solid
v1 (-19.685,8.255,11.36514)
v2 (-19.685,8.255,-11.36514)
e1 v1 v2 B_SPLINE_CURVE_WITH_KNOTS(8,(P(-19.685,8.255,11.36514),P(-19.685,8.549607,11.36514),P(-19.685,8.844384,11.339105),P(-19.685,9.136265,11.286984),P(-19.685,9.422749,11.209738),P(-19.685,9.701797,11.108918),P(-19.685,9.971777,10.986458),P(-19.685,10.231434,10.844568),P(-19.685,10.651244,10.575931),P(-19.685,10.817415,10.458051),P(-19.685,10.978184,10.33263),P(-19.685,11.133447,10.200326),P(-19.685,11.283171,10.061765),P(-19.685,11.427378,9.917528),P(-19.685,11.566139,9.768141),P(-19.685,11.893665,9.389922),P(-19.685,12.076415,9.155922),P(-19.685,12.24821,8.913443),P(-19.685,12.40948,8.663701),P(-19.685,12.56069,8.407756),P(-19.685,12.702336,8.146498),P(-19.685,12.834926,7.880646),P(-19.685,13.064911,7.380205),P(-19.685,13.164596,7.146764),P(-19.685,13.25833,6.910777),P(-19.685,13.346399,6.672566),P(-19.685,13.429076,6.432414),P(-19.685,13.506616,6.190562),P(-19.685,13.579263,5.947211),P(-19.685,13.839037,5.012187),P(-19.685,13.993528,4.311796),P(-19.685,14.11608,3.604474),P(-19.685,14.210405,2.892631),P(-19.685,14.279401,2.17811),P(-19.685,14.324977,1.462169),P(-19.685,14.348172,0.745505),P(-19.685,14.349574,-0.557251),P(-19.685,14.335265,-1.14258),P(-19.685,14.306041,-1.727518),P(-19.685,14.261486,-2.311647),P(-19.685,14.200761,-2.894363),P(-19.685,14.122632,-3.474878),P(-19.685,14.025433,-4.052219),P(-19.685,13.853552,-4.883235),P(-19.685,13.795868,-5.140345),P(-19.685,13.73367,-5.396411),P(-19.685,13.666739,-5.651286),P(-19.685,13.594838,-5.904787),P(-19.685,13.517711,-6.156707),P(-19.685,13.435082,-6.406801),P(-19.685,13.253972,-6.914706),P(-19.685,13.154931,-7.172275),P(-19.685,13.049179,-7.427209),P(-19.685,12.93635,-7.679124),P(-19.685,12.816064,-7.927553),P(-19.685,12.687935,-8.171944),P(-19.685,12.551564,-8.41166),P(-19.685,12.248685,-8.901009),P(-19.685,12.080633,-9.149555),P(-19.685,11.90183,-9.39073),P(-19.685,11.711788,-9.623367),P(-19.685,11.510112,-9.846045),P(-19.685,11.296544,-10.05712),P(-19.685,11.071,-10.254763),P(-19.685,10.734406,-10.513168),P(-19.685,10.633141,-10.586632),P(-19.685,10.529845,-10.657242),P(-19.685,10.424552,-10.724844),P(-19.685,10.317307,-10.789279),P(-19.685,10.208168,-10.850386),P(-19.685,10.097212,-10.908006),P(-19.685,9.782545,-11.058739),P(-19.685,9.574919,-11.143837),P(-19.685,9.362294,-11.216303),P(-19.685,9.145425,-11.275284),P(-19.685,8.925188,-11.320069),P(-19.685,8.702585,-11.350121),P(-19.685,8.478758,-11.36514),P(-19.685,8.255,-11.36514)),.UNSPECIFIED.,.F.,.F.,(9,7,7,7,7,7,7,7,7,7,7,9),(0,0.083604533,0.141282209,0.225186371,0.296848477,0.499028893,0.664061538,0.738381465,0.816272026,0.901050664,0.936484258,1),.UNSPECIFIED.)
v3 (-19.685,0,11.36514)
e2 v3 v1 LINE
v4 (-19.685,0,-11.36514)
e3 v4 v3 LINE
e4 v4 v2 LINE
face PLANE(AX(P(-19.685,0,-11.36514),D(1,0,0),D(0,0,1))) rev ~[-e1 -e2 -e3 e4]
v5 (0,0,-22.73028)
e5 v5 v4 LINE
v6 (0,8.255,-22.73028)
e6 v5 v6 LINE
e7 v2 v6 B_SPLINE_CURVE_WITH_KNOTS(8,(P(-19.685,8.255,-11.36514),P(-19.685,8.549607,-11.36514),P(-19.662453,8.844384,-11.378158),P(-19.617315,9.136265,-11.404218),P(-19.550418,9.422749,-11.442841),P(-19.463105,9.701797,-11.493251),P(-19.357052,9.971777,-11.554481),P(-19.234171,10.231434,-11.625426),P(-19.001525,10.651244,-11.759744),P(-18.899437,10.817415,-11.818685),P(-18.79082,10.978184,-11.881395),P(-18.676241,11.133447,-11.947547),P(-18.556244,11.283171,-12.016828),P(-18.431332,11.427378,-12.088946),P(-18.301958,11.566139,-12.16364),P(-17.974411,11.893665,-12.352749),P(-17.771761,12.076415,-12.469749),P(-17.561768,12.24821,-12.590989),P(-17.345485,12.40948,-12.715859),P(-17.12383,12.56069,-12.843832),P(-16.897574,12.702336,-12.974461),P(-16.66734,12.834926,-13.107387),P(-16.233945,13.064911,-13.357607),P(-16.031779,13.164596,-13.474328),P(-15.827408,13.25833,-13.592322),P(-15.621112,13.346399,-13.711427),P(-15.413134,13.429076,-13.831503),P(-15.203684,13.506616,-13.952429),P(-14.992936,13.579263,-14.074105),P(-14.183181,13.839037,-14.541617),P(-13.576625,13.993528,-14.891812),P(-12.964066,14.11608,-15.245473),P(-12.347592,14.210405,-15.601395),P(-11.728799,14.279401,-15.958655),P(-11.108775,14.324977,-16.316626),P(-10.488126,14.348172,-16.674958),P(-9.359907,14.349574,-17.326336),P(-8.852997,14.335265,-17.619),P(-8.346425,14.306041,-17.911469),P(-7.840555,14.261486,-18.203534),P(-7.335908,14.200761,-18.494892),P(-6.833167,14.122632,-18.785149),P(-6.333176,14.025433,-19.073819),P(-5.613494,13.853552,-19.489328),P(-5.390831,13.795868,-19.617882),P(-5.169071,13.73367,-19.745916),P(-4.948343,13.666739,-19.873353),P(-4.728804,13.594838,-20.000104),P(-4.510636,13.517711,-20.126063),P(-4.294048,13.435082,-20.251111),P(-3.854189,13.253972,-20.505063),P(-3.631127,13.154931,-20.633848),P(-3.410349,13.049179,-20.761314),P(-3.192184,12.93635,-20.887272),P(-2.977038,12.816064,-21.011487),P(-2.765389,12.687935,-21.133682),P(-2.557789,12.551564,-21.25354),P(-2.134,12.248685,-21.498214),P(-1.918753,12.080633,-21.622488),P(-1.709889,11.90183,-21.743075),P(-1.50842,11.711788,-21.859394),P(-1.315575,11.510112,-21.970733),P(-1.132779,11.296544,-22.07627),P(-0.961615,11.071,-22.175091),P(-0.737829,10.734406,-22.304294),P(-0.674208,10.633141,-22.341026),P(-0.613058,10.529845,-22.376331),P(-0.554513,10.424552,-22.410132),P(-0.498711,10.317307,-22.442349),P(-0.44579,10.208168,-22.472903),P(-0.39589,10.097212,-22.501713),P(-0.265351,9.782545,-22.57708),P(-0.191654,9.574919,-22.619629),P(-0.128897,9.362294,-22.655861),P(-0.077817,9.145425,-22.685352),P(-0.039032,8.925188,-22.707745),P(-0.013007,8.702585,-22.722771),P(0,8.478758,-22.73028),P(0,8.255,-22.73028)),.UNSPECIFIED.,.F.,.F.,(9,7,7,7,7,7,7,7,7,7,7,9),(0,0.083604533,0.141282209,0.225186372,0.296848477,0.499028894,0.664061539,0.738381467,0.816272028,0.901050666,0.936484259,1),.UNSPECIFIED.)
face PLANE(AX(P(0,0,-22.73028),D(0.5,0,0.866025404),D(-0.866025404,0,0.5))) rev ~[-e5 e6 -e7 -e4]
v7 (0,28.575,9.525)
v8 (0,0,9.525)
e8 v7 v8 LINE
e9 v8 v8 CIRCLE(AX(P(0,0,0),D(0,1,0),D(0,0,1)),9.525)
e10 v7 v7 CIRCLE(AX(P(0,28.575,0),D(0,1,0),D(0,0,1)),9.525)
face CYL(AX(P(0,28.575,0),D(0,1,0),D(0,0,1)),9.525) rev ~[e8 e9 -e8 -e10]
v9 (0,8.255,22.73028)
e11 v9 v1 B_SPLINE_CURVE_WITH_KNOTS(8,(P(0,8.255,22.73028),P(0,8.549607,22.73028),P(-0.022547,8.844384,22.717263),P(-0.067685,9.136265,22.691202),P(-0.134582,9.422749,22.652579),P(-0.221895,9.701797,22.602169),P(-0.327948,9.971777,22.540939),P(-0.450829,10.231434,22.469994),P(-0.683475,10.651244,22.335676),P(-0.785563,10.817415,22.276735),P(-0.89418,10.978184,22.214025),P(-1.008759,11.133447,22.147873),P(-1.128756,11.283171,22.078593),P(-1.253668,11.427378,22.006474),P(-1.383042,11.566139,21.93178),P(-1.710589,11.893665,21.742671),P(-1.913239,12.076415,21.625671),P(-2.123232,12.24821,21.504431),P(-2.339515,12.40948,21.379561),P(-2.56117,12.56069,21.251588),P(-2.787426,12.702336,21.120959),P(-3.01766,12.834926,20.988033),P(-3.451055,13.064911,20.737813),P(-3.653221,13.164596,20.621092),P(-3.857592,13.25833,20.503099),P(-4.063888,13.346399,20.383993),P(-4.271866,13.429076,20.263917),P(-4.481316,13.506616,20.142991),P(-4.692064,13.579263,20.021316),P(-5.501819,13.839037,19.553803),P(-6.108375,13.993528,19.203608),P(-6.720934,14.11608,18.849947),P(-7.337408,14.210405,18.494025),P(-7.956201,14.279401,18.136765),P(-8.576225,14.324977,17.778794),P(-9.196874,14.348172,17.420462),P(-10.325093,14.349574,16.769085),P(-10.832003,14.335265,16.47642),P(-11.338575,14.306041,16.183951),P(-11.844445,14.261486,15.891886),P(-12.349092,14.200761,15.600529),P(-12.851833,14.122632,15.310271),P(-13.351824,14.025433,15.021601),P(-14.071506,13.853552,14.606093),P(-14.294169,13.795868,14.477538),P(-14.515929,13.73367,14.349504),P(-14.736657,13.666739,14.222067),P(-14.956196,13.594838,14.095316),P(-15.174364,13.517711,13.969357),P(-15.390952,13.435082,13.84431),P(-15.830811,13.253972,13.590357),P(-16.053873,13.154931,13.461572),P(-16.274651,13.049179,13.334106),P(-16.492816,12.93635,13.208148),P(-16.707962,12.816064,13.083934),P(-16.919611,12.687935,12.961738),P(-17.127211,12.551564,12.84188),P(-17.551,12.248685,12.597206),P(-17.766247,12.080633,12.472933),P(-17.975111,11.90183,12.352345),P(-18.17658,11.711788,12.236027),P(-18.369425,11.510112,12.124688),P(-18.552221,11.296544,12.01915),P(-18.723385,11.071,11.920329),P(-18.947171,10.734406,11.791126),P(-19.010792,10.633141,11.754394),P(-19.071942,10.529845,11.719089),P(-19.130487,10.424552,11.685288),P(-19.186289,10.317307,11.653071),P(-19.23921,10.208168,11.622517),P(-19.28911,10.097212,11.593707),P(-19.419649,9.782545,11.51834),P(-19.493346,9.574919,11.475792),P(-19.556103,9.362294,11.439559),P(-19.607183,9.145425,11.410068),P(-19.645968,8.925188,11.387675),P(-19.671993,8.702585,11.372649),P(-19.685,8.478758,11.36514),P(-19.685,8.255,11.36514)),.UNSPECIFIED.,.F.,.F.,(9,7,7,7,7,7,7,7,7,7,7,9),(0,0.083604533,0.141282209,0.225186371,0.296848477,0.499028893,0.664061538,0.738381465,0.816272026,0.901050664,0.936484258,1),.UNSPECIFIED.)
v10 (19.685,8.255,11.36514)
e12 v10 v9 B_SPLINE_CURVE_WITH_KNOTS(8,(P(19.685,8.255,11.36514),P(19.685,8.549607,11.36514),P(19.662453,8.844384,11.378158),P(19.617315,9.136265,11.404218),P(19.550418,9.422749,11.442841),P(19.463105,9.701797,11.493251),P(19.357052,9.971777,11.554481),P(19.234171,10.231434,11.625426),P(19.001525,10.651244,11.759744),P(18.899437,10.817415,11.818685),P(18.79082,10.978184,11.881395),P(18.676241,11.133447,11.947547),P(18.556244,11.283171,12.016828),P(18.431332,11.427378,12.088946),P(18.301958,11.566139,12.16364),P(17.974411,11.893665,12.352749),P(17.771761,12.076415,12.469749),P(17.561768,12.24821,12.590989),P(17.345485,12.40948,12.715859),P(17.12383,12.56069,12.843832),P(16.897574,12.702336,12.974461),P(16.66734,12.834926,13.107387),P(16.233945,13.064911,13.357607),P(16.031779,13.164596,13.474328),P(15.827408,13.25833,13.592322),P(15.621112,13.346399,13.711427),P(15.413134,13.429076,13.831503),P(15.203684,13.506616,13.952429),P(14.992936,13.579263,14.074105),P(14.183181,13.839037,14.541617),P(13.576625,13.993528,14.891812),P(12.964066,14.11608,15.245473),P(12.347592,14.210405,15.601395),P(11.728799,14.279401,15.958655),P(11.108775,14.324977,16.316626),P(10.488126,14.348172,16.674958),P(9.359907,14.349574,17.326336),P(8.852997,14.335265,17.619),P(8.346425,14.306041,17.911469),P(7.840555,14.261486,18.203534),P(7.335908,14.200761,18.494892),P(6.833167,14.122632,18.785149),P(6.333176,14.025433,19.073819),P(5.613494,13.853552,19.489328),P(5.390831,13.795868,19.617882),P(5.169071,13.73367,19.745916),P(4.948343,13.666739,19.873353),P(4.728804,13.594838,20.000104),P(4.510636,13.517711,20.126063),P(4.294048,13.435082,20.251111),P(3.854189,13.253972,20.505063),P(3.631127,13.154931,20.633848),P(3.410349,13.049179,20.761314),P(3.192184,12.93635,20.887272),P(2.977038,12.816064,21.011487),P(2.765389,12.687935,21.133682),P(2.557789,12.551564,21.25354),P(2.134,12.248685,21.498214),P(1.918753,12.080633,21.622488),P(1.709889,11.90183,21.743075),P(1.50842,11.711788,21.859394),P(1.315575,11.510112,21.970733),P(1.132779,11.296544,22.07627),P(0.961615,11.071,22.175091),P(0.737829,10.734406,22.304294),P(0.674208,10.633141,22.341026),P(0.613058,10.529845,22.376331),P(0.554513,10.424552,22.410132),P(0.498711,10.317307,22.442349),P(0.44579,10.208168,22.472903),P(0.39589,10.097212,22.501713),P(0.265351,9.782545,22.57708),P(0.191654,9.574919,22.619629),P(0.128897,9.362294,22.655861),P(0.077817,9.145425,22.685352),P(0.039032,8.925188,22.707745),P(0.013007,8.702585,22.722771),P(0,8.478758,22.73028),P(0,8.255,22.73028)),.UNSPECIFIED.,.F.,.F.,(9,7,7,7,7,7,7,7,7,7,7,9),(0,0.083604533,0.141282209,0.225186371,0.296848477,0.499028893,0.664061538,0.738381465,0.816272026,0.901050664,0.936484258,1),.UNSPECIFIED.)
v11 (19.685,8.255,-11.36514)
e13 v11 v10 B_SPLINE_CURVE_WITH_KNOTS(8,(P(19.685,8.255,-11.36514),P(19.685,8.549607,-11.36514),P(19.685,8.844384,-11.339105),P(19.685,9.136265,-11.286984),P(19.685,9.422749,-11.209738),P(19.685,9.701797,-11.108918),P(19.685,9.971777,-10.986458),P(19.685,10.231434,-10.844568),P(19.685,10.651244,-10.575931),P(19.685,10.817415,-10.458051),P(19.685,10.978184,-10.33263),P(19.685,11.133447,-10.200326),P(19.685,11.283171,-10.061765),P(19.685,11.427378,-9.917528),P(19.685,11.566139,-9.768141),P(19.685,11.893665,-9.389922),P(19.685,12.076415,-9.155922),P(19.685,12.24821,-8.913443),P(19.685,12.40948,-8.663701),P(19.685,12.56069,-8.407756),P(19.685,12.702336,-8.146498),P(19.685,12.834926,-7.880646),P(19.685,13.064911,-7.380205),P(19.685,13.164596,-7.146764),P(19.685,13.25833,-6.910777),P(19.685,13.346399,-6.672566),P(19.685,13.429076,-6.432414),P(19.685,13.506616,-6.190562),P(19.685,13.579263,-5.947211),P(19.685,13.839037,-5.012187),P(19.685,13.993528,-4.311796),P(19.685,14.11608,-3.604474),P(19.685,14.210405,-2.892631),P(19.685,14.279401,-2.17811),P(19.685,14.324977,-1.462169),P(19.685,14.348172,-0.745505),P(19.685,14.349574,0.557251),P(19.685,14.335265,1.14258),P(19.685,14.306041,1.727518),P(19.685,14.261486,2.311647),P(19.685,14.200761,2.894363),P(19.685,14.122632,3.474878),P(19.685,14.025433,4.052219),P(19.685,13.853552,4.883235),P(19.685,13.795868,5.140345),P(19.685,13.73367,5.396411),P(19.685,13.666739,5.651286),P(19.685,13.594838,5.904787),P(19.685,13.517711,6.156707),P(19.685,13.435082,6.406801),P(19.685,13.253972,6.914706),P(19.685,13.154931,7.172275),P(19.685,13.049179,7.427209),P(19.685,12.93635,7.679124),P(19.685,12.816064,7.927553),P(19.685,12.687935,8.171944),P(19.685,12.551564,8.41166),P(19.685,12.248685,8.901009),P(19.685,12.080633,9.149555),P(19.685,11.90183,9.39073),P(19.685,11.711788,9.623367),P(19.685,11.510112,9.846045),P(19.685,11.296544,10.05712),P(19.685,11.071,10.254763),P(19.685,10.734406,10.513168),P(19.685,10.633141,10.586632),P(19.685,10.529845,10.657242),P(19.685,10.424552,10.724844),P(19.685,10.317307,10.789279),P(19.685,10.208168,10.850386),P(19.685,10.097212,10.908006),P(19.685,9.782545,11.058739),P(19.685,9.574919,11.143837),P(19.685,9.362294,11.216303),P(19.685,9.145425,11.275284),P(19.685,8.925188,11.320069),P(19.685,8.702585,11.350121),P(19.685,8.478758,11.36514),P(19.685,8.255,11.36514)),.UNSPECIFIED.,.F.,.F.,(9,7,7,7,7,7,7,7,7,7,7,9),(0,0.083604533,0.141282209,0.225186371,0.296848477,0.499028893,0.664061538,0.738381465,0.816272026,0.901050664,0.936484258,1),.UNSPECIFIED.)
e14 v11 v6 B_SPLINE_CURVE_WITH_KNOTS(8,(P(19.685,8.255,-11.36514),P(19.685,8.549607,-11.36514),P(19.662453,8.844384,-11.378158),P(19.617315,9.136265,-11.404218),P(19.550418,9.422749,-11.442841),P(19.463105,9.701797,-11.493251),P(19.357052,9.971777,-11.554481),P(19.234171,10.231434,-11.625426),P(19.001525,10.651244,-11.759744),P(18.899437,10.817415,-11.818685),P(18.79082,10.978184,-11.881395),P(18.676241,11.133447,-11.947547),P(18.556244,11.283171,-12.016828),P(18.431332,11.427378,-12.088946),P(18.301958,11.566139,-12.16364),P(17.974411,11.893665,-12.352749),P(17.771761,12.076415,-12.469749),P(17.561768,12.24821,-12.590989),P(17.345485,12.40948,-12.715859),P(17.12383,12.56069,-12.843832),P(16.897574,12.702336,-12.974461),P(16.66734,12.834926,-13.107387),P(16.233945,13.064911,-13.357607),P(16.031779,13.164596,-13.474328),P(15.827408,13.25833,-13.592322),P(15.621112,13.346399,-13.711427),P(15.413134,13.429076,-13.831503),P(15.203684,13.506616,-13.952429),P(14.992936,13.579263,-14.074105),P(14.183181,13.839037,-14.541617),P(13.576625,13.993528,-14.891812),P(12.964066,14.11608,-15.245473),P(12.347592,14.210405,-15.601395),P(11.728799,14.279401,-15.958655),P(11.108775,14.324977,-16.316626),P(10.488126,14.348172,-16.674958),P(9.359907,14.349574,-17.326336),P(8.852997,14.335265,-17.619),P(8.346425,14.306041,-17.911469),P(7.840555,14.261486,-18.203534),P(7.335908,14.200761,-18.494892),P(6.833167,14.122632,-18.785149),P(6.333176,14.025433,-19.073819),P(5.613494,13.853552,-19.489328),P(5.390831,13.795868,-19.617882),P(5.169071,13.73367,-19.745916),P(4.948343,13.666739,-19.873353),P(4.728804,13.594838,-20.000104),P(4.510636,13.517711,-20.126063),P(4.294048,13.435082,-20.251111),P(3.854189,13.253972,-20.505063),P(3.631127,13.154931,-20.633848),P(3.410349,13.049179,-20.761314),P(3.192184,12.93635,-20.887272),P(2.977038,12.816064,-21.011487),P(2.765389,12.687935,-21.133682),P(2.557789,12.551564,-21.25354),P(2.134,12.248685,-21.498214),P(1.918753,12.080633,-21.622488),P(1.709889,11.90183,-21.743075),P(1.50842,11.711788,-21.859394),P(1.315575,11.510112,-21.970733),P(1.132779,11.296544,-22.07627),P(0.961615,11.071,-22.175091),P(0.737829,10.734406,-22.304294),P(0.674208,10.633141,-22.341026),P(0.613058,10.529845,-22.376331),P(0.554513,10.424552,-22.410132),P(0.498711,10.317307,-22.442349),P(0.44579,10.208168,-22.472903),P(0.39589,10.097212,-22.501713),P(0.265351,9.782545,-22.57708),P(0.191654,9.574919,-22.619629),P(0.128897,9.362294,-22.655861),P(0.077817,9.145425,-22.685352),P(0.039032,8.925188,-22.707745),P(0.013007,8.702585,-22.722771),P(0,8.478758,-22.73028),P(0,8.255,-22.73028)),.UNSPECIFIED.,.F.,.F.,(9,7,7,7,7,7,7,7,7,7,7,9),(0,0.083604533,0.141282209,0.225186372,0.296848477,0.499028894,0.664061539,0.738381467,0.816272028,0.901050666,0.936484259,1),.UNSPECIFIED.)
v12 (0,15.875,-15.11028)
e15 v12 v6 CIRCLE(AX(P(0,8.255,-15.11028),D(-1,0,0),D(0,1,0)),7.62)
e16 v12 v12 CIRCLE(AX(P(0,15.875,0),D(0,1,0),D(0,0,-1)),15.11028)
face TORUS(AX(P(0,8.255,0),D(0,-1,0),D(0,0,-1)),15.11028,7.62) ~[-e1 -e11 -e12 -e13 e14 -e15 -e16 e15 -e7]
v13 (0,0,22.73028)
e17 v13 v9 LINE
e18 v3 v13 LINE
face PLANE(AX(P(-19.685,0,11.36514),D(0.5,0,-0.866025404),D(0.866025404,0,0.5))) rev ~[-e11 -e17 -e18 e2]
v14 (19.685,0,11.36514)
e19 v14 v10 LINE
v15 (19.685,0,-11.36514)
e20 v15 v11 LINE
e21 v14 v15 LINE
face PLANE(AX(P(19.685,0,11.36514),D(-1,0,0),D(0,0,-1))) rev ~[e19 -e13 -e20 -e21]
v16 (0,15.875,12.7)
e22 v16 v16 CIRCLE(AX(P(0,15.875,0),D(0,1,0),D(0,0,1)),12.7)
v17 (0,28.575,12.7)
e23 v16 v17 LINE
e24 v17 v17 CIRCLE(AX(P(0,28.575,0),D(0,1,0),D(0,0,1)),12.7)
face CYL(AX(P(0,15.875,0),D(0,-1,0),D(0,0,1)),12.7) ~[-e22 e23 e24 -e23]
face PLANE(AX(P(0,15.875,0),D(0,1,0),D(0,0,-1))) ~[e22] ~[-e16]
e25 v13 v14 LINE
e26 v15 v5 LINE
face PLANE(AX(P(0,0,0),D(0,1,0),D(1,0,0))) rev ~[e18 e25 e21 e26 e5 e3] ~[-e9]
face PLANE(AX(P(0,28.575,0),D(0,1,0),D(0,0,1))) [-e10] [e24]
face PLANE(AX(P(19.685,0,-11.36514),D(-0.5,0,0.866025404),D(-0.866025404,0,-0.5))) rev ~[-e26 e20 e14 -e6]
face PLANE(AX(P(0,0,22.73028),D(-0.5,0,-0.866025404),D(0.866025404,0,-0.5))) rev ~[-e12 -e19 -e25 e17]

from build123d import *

# Parameters (mm, degrees)
BOSS_EXTRUDE1_DEPTH = 15.875
SKETCH3_R           = 12.7
BOSS_EXTRUDE2_DEPTH = 12.7
SKETCH4_R           = 9.525
CUT_EXTRUDE1_DEPTH  = 42.481266827


with BuildPart() as part:
    # Sketch1 → Boss-Extrude1 (new body)
    with BuildSketch(Plane(origin=(0, 0, 0), x_dir=(1, 0, 0), z_dir=(0, 1, 0))):
        Polygon((19.685, -11.365140049), (19.685, 11.365140049), (0, 22.730280098), (-19.685, 11.365140049), (-19.685, -11.365140049), (0, -22.730280098), align=None)
    extrude(amount=BOSS_EXTRUDE1_DEPTH)

    # Sketch2 → Cut-Revolve1 (revolve, cut)
    with BuildSketch(Plane(origin=(0, 0, 0), x_dir=(0, 0, -1), z_dir=(1, 0, 0))):
        with BuildLine():
            Line((22.730280098, 0), (28.475559527, 0))
            Line((28.475559527, 0), (28.475559527, 20.473836959))
            Line((28.475559527, 20.473836959), (11.365140049, 20.473836959))
            Line((11.365140049, 20.473836959), (11.365140049, 15.875))
            Line((11.365140049, 15.875), (15.110280098, 15.875))
            ThreePointArc((15.110280098, 15.875), (20.498433771, 13.643153673), (22.730280098, 8.255))
            Line((22.730280098, 8.255), (22.730280098, 0))
        make_face()
    revolve(axis=Axis((0, 0, 0), (0, 1, 0)), mode=Mode.SUBTRACT)

    # Sketch3 → Boss-Extrude2 (add)
    with BuildSketch(Plane(origin=(0, 15.875, 0), x_dir=(1, 0, 0), z_dir=(0, 1, 0))):
        with Locations(Location((0, 0, 0), (0, 0, 270))):
            Circle(SKETCH3_R)
    extrude(amount=BOSS_EXTRUDE2_DEPTH)

    # Sketch4 → Cut-Extrude1 (cut, through all)
    with BuildSketch(Plane(origin=(0, 28.575, 0), x_dir=(1, 0, 0), z_dir=(0, 1, 0))):
        with Locations(Location((0, 0, 0), (0, 0, 270))):
            Circle(SKETCH4_R)
    extrude(amount=-CUT_EXTRUDE1_DEPTH, mode=Mode.SUBTRACT)


solid = part.part
